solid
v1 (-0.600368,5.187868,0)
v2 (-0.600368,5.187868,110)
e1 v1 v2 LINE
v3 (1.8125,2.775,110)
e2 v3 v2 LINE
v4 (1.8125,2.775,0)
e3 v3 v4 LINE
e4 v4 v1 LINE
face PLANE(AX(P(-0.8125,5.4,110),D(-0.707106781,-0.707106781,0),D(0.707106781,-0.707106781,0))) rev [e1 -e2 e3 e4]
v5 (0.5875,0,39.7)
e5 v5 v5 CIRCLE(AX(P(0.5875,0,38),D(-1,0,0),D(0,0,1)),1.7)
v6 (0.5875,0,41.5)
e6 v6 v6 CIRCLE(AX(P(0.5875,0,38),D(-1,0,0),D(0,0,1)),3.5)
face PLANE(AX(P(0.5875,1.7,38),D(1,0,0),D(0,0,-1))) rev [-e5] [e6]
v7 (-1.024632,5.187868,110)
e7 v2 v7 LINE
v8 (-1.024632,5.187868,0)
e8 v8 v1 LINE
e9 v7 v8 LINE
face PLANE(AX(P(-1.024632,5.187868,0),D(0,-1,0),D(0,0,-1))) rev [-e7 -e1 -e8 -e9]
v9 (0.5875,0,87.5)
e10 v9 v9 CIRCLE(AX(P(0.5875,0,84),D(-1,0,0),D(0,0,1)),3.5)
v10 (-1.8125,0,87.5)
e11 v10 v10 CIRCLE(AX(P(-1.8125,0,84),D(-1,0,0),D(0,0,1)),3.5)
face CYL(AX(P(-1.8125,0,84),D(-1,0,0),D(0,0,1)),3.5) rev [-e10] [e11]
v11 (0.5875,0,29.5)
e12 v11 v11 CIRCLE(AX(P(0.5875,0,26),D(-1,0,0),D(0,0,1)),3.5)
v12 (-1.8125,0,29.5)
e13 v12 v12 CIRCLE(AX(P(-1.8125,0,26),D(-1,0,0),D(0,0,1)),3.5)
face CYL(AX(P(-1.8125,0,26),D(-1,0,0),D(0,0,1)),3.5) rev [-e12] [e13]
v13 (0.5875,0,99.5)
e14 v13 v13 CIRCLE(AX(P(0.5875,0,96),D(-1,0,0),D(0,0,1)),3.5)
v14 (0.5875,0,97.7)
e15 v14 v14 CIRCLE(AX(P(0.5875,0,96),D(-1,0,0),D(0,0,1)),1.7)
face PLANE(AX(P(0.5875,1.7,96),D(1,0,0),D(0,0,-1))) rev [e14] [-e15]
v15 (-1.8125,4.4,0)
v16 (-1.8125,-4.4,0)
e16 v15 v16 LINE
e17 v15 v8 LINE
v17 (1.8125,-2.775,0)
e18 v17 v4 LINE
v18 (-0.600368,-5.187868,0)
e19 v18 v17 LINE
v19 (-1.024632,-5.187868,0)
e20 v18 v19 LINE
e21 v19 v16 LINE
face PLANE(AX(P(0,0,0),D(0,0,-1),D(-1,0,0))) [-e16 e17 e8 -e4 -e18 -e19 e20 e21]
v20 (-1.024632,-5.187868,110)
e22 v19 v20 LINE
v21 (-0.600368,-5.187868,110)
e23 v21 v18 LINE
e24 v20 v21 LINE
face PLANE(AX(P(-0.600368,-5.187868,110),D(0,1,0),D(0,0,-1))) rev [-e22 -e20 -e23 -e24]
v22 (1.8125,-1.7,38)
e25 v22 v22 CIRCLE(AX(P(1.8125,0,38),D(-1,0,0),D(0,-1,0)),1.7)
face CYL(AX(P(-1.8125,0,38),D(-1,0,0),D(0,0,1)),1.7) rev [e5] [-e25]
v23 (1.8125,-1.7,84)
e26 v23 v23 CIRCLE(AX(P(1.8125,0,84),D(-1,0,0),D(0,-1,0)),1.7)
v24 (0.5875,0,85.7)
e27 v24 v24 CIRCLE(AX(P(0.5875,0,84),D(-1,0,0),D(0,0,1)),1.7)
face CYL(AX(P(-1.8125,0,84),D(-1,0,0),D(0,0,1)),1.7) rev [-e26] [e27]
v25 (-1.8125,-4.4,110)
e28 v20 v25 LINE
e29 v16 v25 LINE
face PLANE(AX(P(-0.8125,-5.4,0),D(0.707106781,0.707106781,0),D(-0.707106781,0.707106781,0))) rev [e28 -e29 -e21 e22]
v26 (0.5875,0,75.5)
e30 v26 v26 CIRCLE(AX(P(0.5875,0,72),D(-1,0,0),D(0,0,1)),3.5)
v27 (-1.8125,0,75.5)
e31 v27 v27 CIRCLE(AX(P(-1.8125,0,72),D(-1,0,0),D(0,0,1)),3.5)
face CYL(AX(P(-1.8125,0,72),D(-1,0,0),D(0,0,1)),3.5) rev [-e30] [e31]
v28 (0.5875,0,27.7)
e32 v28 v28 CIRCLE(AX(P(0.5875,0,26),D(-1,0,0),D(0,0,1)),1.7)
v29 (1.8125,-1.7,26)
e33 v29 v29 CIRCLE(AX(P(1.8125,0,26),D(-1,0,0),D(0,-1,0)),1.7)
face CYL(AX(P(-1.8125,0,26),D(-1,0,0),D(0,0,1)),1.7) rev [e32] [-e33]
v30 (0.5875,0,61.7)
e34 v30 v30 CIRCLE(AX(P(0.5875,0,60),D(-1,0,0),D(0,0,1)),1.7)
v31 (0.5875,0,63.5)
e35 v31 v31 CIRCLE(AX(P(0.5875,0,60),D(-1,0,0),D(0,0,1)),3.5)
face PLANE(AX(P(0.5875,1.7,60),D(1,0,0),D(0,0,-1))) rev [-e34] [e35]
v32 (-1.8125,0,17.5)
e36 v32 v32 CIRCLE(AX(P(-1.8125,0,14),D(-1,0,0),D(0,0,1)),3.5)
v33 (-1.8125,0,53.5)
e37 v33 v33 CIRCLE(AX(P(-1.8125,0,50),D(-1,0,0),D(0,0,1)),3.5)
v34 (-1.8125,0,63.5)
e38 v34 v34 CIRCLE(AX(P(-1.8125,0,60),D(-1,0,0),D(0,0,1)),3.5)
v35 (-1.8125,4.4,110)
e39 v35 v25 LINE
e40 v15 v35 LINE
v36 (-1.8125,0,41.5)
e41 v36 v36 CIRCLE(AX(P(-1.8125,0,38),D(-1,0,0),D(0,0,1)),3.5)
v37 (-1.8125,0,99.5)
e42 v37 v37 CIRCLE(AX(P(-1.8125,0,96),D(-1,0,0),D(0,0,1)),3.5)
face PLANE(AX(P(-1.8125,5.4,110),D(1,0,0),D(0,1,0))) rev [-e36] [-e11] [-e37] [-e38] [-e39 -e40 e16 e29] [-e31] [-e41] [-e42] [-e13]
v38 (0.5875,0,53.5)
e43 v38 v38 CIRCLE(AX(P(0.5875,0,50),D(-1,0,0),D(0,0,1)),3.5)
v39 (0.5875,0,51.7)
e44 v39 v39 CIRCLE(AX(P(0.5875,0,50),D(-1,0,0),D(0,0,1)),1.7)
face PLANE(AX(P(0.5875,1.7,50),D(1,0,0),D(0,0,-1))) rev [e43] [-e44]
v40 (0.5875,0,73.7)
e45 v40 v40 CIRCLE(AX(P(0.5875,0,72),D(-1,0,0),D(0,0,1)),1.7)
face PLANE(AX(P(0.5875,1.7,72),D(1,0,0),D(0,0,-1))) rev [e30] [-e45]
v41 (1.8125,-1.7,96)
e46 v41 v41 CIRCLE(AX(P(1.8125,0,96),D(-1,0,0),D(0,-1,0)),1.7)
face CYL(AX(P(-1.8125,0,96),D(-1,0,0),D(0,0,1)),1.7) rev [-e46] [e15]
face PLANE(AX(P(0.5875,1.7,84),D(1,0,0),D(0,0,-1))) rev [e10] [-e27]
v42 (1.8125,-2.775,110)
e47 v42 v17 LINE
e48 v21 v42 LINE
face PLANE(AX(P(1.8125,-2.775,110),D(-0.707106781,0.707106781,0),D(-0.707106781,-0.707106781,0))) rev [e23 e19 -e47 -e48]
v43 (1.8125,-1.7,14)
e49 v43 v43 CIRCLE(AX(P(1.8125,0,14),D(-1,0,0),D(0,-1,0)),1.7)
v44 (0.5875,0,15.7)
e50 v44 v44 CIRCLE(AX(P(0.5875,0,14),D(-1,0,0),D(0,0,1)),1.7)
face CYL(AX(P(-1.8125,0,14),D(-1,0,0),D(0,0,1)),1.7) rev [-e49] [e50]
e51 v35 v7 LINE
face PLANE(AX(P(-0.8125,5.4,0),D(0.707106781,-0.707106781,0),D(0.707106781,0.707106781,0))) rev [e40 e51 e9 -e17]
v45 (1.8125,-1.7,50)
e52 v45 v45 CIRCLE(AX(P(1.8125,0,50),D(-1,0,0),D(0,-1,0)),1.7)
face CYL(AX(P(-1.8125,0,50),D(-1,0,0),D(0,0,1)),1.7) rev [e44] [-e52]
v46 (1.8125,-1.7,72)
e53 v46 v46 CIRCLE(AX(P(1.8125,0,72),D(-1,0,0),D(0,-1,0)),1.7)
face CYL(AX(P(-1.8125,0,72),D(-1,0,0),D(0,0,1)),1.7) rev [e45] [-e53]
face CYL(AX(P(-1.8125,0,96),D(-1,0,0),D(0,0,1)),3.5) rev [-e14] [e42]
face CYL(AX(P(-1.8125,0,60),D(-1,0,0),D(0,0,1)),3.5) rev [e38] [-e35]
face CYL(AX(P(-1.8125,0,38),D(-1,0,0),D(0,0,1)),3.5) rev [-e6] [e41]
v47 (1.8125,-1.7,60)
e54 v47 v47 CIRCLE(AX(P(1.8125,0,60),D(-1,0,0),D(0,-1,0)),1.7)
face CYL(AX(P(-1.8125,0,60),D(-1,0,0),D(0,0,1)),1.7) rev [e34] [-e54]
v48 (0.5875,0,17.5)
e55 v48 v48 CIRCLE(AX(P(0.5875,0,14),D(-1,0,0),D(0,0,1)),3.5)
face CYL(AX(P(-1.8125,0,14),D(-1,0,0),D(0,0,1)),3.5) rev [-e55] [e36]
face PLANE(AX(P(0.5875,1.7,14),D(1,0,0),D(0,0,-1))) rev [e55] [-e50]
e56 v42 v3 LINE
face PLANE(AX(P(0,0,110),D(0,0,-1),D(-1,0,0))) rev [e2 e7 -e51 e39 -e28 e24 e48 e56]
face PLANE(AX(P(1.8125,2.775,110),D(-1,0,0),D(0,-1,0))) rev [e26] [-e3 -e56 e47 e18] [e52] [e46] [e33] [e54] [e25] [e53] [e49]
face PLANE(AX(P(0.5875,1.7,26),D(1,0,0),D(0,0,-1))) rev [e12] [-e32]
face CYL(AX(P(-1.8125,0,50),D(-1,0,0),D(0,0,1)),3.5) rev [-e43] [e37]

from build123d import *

# Parameters (mm, degrees)
BOSS_EXTRUDE2_DEPTH                                = 110
CHAMBRAGE_POUR_VIS_T_TE_RONDE_BOMB_E_M_D           = 3.4
CHAMBRAGE_POUR_VIS_T_TE_RONDE_BOMB_E_M_DEPTH       = 7
CHAMBRAGE_POUR_VIS_T_TE_RONDE_BOMB_E_M_CBORE_D     = 7
CHAMBRAGE_POUR_VIS_T_TE_RONDE_BOMB_E_M_CBORE_DEPTH = 2.4
CUT_EXTRUDE1_DEPTH                                 = 111.147379253
CHAMFER1_SIZE                                      = 0.3


with BuildPart() as part:
    # Sketch1 → Boss-Extrude2 (new body)
    with BuildSketch(Plane.XY):
        Polygon((-1.8125, 5.4), (-0.8125, 5.4), (1.8125, 2.775), (1.8125, -2.775), (-0.8125, -5.4), (-1.8125, -5.4), align=None)
    extrude(amount=BOSS_EXTRUDE2_DEPTH)

    # Chambrage pour vis _ t_te ronde bomb_e M
    with Locations(Plane.ZY.offset(1.8125)):
        with Locations((60, 0), (50, 0), (38, 0), (26, 0), (14, 0), (72, 0), (84, 0), (96, 0)):
            CounterBoreHole(CHAMBRAGE_POUR_VIS_T_TE_RONDE_BOMB_E_M_D / 2, CHAMBRAGE_POUR_VIS_T_TE_RONDE_BOMB_E_M_CBORE_D / 2, CHAMBRAGE_POUR_VIS_T_TE_RONDE_BOMB_E_M_CBORE_DEPTH, depth=CHAMBRAGE_POUR_VIS_T_TE_RONDE_BOMB_E_M_DEPTH)

    # Sketch2 → Cut-Extrude1 (cut, through all)
    with BuildSketch(Plane.XY.offset(110)):
        Polygon((-0.8125, 5.4), (-1.8125, 4.4), (-1.8125, 5.4), align=None)
        Polygon((-0.8125, -5.4), (-1.8125, -4.4), (-1.8125, -5.4), align=None)
    extrude(amount=-CUT_EXTRUDE1_DEPTH, mode=Mode.SUBTRACT)

    # Chamfer1
    chamfer1_edges = [part.edges().sort_by_distance(p)[0] for p in [
        (-0.8125, 5.4, 55),
        (-0.8125, -5.4, 55),
    ]]
    chamfer(chamfer1_edges, length=CHAMFER1_SIZE)


solid = part.part
